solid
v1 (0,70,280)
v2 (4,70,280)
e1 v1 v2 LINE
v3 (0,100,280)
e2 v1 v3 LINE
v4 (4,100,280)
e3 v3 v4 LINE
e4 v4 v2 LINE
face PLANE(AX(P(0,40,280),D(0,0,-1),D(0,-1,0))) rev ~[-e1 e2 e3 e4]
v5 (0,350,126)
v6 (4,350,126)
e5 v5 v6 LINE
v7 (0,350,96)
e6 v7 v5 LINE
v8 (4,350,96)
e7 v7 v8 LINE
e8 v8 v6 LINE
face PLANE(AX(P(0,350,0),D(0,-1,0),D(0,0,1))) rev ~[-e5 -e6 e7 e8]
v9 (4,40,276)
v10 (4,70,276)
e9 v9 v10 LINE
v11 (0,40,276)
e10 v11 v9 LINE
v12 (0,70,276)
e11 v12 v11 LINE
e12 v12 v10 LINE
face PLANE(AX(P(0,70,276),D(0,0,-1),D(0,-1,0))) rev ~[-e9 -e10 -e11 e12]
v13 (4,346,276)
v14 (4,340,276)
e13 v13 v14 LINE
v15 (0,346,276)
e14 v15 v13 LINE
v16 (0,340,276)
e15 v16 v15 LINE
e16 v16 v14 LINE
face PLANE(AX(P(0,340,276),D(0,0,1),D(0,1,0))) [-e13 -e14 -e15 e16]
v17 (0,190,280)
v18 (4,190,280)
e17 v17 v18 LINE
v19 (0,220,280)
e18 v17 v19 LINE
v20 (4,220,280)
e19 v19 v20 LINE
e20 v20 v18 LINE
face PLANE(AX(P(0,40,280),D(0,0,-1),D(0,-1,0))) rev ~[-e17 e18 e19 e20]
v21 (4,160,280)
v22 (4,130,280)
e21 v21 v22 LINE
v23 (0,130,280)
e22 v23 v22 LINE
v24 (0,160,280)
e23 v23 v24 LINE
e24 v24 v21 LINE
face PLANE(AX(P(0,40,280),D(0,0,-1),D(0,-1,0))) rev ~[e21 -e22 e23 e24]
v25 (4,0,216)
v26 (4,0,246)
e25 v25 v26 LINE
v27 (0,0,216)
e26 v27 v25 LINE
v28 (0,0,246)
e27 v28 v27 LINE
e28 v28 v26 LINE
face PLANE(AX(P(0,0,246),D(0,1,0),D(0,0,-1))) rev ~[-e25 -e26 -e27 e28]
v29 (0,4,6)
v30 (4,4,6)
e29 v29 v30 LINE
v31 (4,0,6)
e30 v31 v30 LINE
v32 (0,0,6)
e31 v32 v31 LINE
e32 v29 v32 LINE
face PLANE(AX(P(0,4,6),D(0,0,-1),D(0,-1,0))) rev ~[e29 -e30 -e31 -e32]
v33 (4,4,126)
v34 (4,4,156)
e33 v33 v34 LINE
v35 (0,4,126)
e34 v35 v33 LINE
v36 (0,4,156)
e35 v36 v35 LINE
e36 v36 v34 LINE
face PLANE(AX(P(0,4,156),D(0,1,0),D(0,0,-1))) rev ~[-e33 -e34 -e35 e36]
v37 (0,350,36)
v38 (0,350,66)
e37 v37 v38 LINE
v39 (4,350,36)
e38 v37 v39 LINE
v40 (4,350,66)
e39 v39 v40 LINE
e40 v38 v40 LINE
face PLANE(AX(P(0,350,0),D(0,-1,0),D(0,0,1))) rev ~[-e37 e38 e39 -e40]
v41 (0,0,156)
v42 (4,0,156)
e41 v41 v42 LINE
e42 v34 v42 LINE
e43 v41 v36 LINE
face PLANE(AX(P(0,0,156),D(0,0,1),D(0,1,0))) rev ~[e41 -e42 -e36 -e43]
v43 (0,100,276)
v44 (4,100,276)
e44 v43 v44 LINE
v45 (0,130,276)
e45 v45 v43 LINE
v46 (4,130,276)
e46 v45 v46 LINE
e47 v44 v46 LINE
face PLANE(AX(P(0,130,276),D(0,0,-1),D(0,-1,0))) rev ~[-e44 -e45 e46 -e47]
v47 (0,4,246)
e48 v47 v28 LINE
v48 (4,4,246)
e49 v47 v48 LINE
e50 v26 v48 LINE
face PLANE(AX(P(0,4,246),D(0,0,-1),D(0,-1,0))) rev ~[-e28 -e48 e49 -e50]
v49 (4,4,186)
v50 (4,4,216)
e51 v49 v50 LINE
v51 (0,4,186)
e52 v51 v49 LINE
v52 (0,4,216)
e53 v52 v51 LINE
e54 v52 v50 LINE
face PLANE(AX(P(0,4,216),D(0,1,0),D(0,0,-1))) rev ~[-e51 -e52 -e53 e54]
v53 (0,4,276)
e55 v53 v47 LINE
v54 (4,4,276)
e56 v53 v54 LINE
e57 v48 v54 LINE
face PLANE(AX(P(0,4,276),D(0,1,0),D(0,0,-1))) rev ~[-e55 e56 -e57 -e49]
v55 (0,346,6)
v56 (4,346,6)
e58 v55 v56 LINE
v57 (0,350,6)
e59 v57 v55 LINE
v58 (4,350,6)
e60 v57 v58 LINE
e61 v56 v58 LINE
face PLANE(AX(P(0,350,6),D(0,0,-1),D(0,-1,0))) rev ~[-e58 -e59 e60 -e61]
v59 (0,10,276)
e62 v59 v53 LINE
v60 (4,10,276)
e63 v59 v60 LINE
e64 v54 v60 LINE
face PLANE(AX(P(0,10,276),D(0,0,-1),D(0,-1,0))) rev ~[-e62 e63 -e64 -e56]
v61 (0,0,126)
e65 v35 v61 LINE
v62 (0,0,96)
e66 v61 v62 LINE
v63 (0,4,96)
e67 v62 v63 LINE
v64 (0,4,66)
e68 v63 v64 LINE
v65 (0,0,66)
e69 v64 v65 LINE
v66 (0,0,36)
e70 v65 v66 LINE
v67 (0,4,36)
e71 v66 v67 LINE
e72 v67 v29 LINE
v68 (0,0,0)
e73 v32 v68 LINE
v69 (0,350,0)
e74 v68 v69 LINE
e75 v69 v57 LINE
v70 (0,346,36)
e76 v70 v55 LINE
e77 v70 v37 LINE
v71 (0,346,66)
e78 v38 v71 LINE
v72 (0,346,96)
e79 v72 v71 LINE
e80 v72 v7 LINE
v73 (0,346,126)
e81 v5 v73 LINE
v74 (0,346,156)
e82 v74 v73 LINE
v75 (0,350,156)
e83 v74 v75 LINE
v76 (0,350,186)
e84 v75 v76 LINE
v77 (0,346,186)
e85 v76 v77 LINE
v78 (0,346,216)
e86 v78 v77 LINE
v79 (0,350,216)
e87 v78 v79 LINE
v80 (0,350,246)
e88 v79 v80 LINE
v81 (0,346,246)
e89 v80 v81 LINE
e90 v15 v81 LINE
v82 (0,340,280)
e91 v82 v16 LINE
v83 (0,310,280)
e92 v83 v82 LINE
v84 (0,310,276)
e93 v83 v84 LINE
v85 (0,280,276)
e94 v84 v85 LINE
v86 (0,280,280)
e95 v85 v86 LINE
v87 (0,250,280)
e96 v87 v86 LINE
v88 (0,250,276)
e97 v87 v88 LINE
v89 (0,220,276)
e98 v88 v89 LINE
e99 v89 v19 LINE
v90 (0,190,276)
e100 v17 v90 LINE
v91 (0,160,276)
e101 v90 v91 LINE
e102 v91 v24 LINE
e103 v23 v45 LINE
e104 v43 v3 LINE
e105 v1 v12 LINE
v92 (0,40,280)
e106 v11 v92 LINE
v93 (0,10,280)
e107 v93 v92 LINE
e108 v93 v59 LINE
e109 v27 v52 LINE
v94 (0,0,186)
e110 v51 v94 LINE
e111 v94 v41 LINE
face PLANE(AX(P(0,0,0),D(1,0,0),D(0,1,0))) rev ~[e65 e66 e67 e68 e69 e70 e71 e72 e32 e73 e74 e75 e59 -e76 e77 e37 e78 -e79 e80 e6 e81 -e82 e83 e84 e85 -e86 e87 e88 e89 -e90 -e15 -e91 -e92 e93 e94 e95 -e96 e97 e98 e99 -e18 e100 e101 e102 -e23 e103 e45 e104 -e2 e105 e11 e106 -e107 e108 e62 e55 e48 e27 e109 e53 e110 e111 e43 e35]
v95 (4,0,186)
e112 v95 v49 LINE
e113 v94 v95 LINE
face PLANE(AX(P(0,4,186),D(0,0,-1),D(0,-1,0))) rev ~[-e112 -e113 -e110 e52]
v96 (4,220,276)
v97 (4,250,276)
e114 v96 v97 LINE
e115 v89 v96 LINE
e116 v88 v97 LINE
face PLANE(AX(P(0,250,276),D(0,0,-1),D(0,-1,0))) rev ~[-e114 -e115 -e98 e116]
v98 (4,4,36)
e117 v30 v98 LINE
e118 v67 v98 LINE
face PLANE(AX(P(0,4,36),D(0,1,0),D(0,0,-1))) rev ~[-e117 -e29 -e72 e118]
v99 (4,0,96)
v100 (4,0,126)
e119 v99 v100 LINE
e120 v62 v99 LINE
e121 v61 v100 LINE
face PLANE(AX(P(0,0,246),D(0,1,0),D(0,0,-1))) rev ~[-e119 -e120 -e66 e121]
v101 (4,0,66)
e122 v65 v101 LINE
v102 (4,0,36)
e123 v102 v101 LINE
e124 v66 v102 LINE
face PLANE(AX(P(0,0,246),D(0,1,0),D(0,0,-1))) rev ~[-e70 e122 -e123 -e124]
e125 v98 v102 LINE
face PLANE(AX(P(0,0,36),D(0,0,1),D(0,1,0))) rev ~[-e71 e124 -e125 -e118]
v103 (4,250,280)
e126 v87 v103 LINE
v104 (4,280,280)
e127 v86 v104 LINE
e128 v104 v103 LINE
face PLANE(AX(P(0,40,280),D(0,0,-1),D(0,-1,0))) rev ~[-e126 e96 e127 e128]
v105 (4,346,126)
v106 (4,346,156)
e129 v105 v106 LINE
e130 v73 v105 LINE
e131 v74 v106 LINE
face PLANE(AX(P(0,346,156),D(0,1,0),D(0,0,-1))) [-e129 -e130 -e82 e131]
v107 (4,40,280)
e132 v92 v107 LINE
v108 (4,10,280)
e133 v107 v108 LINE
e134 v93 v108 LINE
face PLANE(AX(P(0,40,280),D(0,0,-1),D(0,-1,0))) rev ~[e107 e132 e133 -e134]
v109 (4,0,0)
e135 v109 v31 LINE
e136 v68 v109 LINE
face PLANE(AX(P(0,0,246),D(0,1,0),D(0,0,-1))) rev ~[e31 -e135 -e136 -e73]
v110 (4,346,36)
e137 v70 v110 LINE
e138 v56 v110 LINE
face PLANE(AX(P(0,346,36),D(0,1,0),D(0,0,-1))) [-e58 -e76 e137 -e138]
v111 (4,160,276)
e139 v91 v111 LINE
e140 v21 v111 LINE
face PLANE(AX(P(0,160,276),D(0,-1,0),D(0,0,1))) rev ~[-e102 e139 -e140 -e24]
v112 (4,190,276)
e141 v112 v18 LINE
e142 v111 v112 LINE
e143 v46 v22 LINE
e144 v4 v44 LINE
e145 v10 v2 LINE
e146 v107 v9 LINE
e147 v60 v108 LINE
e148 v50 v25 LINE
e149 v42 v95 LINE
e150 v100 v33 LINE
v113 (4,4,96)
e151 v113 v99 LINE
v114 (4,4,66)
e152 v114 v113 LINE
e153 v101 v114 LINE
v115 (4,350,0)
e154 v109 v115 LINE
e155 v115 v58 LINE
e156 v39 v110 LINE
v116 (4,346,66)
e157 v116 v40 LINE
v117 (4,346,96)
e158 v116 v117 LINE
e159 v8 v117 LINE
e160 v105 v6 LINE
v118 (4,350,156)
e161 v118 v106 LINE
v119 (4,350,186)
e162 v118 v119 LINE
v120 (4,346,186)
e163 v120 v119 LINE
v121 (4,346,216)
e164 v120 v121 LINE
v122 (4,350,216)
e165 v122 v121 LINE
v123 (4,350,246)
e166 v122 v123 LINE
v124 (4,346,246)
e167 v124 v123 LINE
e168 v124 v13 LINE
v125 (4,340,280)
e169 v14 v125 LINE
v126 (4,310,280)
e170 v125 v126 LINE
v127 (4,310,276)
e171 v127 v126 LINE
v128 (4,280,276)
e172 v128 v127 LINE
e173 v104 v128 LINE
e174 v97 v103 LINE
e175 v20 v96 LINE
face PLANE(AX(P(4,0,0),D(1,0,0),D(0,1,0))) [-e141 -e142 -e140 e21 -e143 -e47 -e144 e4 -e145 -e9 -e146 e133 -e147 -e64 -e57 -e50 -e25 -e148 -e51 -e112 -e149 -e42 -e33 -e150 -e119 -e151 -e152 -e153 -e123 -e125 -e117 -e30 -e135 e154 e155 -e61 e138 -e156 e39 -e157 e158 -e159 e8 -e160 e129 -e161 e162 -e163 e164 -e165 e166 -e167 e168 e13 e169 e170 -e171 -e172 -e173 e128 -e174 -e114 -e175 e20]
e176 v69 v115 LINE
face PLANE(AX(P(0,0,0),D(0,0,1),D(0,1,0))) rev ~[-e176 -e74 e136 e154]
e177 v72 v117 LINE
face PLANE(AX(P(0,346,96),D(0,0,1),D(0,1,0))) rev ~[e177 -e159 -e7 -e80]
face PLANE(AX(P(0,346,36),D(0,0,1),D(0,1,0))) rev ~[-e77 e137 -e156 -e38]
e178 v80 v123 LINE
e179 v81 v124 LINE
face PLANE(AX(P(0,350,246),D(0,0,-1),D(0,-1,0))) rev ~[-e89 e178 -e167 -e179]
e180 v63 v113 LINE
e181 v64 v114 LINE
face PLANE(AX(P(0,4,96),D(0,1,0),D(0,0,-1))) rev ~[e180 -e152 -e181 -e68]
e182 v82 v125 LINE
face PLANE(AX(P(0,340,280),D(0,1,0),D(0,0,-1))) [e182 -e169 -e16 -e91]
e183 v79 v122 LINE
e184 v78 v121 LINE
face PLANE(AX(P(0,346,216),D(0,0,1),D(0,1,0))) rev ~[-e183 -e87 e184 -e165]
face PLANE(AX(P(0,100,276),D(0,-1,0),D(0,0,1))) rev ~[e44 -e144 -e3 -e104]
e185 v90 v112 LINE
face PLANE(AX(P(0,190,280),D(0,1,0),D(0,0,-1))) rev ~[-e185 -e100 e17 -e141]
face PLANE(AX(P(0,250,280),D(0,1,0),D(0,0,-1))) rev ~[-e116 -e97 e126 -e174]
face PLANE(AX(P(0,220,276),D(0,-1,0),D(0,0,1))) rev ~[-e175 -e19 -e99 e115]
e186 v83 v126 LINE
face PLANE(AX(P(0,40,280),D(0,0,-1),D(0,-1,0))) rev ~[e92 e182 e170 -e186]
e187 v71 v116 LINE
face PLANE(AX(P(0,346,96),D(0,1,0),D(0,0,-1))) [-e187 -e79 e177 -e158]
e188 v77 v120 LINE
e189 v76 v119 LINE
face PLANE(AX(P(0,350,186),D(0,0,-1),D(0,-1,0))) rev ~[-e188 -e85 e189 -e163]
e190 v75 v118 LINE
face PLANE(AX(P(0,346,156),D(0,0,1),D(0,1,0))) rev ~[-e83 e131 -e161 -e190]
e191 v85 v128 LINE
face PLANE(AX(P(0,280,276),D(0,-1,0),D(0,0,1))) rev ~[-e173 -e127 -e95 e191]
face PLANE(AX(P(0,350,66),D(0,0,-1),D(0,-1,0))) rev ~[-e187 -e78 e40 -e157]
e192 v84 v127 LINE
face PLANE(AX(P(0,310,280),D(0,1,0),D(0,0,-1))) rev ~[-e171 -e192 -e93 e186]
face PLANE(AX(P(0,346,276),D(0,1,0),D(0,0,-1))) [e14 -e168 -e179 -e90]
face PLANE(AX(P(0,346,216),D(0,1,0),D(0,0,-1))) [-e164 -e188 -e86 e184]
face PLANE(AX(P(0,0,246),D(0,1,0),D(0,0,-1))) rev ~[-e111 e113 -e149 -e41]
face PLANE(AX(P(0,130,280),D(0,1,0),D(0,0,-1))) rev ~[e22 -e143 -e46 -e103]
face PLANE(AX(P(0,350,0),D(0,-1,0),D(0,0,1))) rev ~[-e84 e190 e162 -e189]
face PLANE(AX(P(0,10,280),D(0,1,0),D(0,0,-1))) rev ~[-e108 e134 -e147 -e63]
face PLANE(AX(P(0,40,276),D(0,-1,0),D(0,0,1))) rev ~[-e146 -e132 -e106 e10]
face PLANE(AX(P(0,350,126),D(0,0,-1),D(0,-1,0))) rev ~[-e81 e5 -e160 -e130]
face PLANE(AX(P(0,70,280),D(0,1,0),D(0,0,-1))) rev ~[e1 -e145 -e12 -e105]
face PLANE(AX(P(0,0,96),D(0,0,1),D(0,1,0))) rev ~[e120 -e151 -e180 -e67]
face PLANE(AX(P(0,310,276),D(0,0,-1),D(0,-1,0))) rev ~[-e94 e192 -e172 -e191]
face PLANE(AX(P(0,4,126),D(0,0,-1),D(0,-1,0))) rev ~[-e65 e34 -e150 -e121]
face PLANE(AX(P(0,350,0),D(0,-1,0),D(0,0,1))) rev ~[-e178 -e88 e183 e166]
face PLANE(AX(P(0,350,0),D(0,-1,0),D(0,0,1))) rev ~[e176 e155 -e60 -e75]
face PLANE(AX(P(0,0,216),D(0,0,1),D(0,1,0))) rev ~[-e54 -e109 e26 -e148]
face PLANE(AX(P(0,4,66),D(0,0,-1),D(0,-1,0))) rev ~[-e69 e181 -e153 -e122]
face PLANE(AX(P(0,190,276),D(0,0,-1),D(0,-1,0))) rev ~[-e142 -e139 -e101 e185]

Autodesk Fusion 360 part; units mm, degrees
sketch "Sketch1" plane through (0, 0, 0) normal (1, 0, 0) x (0, 1, 0)
  line L0 (0, 0) -> (350, 0)
  line L1 (350, 0) -> (350, 280)
  line L2 (350, 280) -> (0, 280)
  line L3 (0, 280) -> (0, 0)
  line L4 (0, 276) -> (4, 276)
  line L5 (4, 276) -> (4, 246)
  line L6 (4, 246) -> (0, 246)
  line L7 (0, 246) -> (0, 276)
  line L8 (40, 280) -> (70, 280)
  line L9 (70, 280) -> (70, 276)
  line L10 (70, 276) -> (40, 276)
  line L11 (40, 276) -> (40, 280)
  line L12 (0, 280) -> (10, 280)
  line L13 (10, 280) -> (10, 276)
  line L14 (10, 276) -> (0, 276)
  line L15 (0, 276) -> (0, 280)
  dimension "d5" = 350
  dimension "d6" = 280
  dimension "d7" = 30
  dimension "d8" = 30
  dimension "d9" = 4
  dimension "d10" = 4
  dimension "d14" = 10
  dimension "d15" = 4
  dimension "d16" = 30
extrude "Extrude1" add sketch "Sketch1" along normal blind 4 makes body 1
extrude "Extrude2" cut sketch "Sketch1" along normal through all contours L3 L4 L5 L6 L7 L14 bodies 1
extrude "Extrude3" cut sketch "Sketch1" along normal through all contours L2 L3 L4 L12 L13 L14 L15 bodies 1
extrude "Extrude4" cut sketch "Sketch1" along normal through all contours L2 L8 L9 L10 L11 bodies 1
pattern_linear "R-Pattern1" count 5 spacing 60 along (0, 0, -1) count 2 spacing 346 along (0, 1, 0) of "Extrude2"
pattern_linear "R-Pattern2" count 2 spacing 340 along (0, 1, 0) of "Extrude3"
pattern_linear "R-Pattern3" count 5 spacing 60 along (0, 1, 0) of "Extrude4"
copy_body "Body->Comp1" bodies 1 removing the originals makes body 2 in component "Component"
component "Component" placed x (1, 0, 0) y (0, 1, 0) z (0, 0, 1) at (0, 0, 0)
equation "d = 350 mm"
equation "h = 280 mm"
equation "a = 30 mm"
equation "t = 4 mm"
equation "d5 = d"
equation "d6 = h"
equation "d9 = t"
equation "d10 = t"
equation "a_d = ( d - floor(d / a) * a ) / 2"
equation "d14 = a_d"
equation "d15 = t"
equation "d16 = a"
equation "d17 = t"
equation "n_h = floor(floor(h / a) / 2) + 1"
equation "n_d = floor(floor(d / a) / 2)"
equation "d25 = n_h"
equation "d27 = a * 2"
equation "d28 = d - t"
equation "d31 = d - a_d"
equation "d33 = n_d"
equation "d35 = 2 * a"
